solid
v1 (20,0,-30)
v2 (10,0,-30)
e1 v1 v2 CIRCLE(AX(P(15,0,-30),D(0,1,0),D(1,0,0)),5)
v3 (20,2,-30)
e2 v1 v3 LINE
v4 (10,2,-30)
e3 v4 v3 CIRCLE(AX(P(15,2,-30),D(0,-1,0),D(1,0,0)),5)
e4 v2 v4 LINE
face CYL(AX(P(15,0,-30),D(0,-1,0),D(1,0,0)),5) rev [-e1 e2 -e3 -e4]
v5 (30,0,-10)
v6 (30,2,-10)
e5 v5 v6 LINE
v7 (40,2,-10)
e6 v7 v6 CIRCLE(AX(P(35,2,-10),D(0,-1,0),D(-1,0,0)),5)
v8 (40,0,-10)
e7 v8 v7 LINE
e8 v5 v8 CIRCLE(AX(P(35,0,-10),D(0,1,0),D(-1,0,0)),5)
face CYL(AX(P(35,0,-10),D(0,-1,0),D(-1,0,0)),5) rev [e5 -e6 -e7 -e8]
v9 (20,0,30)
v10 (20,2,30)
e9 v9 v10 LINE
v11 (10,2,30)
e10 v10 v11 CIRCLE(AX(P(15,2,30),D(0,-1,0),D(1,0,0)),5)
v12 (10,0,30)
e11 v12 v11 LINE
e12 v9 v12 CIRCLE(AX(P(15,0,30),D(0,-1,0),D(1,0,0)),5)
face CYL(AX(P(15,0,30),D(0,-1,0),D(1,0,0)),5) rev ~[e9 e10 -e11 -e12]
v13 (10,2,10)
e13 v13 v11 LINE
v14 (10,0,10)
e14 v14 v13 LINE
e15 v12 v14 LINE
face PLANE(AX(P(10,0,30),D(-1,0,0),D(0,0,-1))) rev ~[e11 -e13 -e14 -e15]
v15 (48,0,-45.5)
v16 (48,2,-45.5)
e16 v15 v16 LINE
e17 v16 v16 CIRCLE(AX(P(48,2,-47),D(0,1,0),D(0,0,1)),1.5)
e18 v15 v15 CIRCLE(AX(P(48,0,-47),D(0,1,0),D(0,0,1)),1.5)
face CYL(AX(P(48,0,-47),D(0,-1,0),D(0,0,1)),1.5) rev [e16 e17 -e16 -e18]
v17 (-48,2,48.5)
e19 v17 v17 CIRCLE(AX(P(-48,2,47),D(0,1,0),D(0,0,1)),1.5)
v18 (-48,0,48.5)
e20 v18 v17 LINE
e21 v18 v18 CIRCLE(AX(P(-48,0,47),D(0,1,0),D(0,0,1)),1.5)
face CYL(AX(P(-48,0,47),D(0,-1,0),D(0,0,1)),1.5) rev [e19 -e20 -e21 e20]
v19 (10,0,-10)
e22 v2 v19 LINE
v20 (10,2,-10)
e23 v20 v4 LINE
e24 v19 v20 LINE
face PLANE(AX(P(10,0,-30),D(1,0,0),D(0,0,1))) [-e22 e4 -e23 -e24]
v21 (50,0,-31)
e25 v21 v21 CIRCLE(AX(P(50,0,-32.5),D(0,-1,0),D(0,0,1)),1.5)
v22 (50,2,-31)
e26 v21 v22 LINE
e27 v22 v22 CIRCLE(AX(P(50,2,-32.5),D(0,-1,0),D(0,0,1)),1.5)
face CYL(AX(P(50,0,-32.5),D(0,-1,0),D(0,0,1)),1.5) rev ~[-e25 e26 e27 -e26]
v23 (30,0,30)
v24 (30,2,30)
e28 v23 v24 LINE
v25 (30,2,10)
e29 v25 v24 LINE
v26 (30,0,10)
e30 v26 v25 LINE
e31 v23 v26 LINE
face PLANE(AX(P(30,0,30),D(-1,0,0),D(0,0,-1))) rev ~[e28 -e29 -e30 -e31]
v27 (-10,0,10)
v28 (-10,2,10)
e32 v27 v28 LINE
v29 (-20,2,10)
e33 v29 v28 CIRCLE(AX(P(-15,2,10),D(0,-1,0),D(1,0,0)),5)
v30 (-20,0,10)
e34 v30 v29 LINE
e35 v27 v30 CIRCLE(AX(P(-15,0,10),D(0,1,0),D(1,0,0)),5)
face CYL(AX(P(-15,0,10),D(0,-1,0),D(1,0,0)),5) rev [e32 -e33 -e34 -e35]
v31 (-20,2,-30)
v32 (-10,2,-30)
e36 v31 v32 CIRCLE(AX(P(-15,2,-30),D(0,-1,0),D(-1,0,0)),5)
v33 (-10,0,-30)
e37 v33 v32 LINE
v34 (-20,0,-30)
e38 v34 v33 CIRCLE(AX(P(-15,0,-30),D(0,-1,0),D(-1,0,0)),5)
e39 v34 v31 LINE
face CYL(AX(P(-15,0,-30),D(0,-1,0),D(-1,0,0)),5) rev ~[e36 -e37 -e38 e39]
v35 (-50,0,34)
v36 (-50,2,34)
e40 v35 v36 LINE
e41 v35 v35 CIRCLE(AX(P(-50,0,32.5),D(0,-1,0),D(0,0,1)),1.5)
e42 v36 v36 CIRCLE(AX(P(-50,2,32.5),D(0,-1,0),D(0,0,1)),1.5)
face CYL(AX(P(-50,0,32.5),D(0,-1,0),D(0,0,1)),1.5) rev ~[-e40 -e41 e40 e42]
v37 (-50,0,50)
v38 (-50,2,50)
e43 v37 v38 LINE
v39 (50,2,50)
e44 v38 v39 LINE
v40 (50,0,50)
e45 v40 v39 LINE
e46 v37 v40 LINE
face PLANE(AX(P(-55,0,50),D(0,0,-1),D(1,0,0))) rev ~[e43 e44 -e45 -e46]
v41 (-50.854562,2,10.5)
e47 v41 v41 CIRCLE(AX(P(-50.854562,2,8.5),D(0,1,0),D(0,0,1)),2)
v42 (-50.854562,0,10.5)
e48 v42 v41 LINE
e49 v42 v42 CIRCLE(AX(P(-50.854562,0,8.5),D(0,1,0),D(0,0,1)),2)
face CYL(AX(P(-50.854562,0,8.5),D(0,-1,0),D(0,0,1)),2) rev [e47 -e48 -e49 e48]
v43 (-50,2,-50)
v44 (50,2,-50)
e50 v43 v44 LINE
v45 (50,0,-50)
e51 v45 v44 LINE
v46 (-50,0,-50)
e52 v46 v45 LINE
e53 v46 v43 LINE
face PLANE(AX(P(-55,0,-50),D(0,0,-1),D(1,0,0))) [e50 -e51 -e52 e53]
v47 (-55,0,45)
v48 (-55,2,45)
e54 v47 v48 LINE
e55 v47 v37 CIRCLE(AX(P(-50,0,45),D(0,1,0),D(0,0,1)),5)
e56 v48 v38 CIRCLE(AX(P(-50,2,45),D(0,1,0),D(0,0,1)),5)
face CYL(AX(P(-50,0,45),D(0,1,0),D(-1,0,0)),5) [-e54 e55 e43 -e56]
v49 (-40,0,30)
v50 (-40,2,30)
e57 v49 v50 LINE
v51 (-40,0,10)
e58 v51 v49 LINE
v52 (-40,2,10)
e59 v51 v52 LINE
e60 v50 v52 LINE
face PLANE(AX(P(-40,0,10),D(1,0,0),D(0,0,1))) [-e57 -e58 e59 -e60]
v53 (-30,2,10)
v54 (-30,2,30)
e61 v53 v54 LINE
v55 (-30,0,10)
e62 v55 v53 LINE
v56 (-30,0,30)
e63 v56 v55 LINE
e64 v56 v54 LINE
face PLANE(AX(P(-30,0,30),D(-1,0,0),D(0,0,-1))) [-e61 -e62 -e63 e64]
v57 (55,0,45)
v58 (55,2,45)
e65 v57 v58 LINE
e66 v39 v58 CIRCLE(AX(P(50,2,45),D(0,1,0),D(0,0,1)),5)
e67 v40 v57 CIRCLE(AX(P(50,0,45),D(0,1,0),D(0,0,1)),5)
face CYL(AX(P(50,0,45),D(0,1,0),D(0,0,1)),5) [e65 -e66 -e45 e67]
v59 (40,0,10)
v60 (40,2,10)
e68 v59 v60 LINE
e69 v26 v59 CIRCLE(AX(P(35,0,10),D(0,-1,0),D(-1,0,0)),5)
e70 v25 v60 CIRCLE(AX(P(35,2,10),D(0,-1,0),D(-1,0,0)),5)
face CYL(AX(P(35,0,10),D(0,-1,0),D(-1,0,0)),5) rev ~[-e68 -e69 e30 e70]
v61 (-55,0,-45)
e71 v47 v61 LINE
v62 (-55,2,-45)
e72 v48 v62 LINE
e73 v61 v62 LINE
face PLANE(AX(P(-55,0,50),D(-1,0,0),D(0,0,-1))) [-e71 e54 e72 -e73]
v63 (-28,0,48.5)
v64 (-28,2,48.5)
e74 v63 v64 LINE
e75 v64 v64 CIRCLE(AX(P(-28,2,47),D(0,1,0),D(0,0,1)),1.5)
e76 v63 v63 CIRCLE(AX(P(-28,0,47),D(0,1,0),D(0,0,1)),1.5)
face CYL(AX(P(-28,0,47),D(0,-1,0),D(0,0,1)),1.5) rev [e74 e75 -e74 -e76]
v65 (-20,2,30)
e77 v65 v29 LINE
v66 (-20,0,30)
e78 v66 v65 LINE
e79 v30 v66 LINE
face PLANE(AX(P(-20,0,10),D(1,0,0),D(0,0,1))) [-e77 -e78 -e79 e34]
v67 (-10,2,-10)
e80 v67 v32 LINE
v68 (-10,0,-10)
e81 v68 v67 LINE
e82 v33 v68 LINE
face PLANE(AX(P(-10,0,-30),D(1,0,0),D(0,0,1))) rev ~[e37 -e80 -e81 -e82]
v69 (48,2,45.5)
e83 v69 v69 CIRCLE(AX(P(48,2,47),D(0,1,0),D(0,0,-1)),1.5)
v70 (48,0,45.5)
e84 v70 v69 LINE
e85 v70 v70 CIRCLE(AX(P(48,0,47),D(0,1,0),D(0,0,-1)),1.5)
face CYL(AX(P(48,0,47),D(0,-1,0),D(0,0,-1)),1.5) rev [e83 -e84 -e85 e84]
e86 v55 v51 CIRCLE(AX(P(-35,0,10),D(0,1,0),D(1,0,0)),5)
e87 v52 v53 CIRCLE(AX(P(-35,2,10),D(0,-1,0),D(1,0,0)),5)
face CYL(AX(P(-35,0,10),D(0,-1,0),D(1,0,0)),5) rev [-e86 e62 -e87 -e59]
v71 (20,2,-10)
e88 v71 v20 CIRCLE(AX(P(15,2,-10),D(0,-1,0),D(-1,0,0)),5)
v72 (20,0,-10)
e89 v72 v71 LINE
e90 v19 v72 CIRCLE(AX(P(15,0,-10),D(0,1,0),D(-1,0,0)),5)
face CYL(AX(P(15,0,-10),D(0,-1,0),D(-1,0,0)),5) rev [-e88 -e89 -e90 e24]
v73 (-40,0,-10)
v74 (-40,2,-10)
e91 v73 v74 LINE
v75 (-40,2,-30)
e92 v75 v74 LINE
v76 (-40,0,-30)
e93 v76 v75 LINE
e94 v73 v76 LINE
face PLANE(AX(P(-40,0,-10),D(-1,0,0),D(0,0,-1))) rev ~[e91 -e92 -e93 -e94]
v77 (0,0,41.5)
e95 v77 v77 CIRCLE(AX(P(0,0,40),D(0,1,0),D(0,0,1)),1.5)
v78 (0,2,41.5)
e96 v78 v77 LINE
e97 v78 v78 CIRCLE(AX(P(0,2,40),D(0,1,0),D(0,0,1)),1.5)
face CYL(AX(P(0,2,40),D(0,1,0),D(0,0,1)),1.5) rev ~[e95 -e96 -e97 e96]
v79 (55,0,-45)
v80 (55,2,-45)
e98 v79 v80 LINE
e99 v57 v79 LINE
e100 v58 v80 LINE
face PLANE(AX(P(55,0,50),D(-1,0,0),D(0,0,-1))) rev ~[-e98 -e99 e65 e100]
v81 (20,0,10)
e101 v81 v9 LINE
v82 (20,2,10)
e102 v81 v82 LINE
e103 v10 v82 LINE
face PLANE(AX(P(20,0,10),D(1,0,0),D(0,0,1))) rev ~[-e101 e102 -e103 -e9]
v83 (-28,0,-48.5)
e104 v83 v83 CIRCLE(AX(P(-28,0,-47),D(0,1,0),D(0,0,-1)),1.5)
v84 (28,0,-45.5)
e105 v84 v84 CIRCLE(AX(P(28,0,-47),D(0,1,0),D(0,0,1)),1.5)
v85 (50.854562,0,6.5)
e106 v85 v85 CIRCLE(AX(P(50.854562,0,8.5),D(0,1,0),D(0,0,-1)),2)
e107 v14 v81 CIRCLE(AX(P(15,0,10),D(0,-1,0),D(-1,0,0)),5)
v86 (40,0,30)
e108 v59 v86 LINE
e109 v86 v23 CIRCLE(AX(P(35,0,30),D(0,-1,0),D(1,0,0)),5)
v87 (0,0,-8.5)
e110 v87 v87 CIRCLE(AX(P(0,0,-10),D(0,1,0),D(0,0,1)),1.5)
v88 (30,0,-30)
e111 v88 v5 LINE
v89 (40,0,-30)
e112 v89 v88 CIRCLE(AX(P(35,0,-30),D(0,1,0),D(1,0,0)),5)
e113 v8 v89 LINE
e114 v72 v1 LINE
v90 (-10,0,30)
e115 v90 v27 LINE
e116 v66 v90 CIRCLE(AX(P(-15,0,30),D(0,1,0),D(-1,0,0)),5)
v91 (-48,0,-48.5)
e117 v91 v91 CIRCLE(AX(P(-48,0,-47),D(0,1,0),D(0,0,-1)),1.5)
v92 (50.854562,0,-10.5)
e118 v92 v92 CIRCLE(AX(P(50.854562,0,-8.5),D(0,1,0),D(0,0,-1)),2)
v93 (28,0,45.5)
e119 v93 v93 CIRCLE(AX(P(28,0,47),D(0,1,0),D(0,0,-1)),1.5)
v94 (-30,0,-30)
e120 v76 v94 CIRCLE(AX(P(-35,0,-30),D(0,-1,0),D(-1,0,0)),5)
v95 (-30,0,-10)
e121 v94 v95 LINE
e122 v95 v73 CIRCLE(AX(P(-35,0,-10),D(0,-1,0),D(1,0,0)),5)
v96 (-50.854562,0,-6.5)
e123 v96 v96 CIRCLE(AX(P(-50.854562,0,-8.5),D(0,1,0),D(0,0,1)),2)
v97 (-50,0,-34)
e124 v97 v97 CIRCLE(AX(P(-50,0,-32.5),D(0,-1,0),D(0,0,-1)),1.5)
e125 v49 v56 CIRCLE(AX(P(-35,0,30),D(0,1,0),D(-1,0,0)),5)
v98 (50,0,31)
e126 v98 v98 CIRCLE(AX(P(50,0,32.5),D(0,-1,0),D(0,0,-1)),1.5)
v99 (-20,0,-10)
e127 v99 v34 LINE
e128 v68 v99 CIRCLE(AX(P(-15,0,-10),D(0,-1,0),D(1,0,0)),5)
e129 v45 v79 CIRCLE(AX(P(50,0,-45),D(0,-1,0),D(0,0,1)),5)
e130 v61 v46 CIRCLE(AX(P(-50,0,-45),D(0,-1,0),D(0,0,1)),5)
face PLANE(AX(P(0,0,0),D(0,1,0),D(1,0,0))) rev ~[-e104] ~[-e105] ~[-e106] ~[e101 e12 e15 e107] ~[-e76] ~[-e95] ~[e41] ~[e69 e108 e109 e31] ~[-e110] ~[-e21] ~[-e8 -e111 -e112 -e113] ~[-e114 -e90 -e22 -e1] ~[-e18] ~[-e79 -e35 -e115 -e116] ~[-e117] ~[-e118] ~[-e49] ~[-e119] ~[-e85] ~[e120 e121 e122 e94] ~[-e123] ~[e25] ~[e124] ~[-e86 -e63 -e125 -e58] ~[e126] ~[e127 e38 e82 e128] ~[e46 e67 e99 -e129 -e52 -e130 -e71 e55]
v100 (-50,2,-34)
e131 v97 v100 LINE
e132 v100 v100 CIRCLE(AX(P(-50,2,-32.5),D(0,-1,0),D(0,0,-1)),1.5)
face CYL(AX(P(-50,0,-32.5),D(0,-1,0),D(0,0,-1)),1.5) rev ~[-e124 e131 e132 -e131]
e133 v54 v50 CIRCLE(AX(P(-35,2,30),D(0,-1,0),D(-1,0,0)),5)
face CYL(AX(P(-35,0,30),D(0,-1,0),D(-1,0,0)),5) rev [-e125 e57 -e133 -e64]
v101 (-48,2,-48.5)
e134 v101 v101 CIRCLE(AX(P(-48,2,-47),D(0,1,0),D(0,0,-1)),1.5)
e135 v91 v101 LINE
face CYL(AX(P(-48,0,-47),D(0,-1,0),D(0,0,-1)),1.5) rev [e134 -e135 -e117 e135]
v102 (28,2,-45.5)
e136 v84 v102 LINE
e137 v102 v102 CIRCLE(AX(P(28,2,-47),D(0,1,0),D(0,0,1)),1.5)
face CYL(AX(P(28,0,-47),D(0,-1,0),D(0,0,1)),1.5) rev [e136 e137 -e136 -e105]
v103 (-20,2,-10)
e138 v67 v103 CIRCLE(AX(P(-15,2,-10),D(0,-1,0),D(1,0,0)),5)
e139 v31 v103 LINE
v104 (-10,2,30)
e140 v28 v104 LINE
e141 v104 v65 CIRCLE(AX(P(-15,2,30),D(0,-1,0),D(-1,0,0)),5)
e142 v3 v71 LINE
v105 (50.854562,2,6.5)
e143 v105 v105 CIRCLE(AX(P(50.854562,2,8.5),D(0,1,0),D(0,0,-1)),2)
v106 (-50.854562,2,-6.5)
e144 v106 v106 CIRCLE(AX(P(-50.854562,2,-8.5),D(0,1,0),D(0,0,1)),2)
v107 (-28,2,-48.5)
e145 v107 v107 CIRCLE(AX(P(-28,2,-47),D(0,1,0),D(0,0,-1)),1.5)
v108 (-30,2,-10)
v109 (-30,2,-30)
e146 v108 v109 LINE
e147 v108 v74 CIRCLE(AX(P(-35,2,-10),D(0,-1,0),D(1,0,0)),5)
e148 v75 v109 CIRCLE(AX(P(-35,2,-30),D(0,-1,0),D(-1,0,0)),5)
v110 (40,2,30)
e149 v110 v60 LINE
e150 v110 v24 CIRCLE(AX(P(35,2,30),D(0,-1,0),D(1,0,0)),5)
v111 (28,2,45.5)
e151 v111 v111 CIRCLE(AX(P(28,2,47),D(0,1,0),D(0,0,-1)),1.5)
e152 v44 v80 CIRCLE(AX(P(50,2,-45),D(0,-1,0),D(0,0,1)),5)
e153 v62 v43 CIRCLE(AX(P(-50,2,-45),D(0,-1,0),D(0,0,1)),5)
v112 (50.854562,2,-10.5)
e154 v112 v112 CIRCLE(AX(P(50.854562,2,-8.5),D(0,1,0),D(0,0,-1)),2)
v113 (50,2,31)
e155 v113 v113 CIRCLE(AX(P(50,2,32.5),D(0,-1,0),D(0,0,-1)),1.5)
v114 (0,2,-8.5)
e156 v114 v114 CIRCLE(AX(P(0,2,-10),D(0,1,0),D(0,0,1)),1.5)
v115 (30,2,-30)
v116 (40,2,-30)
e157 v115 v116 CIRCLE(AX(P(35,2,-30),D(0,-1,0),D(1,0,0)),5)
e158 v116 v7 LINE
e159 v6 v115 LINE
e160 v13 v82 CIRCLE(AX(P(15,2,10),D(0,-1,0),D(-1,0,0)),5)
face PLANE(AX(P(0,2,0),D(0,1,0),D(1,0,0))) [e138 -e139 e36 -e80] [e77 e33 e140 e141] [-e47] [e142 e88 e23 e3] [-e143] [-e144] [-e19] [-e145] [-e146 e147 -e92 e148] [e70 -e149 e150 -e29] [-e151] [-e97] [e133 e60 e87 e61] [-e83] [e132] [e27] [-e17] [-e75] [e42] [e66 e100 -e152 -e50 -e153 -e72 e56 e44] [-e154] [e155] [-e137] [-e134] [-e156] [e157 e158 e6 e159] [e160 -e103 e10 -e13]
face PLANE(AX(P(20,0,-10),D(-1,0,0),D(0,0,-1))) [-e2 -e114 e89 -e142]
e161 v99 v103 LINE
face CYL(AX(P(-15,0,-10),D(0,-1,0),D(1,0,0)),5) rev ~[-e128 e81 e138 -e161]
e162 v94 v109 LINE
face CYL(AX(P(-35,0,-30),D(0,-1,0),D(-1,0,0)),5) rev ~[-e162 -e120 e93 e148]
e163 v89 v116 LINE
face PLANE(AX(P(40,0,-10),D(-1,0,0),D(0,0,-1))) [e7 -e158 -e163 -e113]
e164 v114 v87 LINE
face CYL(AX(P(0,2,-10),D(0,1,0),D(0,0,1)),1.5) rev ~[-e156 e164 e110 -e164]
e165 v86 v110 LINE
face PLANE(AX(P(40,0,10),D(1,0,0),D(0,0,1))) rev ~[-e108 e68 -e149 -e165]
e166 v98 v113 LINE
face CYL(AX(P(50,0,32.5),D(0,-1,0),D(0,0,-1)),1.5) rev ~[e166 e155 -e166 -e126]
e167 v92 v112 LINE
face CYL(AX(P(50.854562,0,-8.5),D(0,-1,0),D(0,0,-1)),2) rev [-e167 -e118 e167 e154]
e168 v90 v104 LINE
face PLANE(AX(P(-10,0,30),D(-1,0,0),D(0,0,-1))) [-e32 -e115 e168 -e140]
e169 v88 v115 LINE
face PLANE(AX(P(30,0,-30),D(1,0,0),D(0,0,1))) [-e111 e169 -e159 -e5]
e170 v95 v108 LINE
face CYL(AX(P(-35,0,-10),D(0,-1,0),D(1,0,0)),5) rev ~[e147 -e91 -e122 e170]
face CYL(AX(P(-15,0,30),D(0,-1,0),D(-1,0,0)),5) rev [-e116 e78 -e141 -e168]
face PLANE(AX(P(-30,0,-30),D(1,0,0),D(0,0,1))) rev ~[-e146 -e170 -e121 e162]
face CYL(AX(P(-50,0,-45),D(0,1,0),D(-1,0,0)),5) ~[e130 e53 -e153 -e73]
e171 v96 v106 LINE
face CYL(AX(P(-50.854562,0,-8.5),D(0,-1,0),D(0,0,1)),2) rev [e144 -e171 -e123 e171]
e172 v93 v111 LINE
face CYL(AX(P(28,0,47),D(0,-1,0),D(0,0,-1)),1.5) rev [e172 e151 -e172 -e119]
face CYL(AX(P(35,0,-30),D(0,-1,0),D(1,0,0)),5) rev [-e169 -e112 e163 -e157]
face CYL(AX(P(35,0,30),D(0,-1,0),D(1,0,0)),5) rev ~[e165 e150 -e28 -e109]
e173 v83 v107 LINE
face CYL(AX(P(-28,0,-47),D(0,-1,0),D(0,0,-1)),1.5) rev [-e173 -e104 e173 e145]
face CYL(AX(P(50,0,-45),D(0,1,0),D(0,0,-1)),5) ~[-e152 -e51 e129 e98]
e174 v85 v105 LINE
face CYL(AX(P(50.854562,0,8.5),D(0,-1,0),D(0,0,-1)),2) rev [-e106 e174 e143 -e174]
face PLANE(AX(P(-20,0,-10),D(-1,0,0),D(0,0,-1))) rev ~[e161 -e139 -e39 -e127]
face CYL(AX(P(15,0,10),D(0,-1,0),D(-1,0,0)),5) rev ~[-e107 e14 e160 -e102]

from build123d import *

# Parameters (mm, degrees)
SKETCH_1_W             = 110
SKETCH_1_H             = 100
SKETCH_1_R             = 1.5
SKETCH_1_R_2           = 2
EXTRUDE_1_DEPTH        = 2
FILLET_1_R             = 5
SKETCH_2_R             = 1.5
CUT_EXTRUDE_1129_DEPTH = 10
CUT_EXTRUDE_1751_DEPTH = 10
SKETCH_4_R             = 1.5
CUT_EXTRUDE_1991_DEPTH = 10


with BuildPart() as part:
    # 草图1 → 凸台-拉伸1 (new body)
    with BuildSketch(Plane(origin=(0, 0, 0), x_dir=(1, 0, 0), z_dir=(0, 1, 0))):
        Rectangle(SKETCH_1_W, SKETCH_1_H)
        with Locations(Location((-48, -47, 0), (0, 0, 270))):
            Circle(SKETCH_1_R, mode=Mode.SUBTRACT)
        with Locations(Location((-28, -47, 0), (0, 0, 270))):
            Circle(SKETCH_1_R, mode=Mode.SUBTRACT)
        with Locations(Location((28, -47, 0), (0, 0, 90))):
            Circle(SKETCH_1_R, mode=Mode.SUBTRACT)
        with Locations(Location((48, -47, 0), (0, 0, 90))):
            Circle(SKETCH_1_R, mode=Mode.SUBTRACT)
        with Locations(Location((-50.854561817, 8.5, 0), (0, 0, 270))):
            Circle(SKETCH_1_R_2, mode=Mode.SUBTRACT)
        with Locations(Location((-50.854561817, -8.5, 0), (0, 0, 270))):
            Circle(SKETCH_1_R_2, mode=Mode.SUBTRACT)
        with Locations(Location((50.854561817, -8.5, 0), (0, 0, 90))):
            Circle(SKETCH_1_R_2, mode=Mode.SUBTRACT)
        with Locations(Location((50.854561817, 8.5, 0), (0, 0, 90))):
            Circle(SKETCH_1_R_2, mode=Mode.SUBTRACT)
        with Locations(Location((48, 47, 0), (0, 0, 270))):
            Circle(SKETCH_1_R, mode=Mode.SUBTRACT)
        with Locations(Location((28, 47, 0), (0, 0, 270))):
            Circle(SKETCH_1_R, mode=Mode.SUBTRACT)
        with Locations(Location((-28, 47, 0), (0, 0, 90))):
            Circle(SKETCH_1_R, mode=Mode.SUBTRACT)
        with Locations(Location((-48, 47, 0), (0, 0, 90))):
            Circle(SKETCH_1_R, mode=Mode.SUBTRACT)
    extrude(amount=EXTRUDE_1_DEPTH)

    # 圆角1
    fillet_1_edges = [part.edges().sort_by_distance(p)[0] for p in [
        (55, 1, 50),
        (-55, 1, 50),
        (-55, 1, -50),
        (55, 1, -50),
    ]]
    fillet(fillet_1_edges, radius=FILLET_1_R)

    # 草图2 → Cut-Extrude 1129 (cut)
    with BuildSketch(Plane(origin=(0, 2, 0), x_dir=(1, 0, 0), z_dir=(0, 1, 0))):
        with Locations(Location((0, 10, 0), (0, 0, 270))):
            Circle(SKETCH_2_R)
        with Locations(Location((0, -40, 0), (0, 0, 270))):
            Circle(SKETCH_2_R)
    extrude(amount=-CUT_EXTRUDE_1129_DEPTH, mode=Mode.SUBTRACT)

    # 草图3 → Cut-Extrude 1751 (cut)
    with BuildSketch(Plane.XZ):
        with BuildLine():
            Line((30, -30), (30, -10))
            ThreePointArc((30, -10), (35, -5), (40, -10))
            Line((40, -10), (40, -30))
            ThreePointArc((40, -30), (35, -35), (30, -30))
        make_face()
        with BuildLine():
            Line((10, -30), (10, -10))
            ThreePointArc((10, -10), (15, -5), (20, -10))
            Line((20, -10), (20, -30))
            ThreePointArc((20, -30), (15, -35), (10, -30))
        make_face()
        with BuildLine():
            Line((30, 30), (30, 10))
            ThreePointArc((30, 10), (35, 5), (40, 10))
            Line((40, 10), (40, 30))
            ThreePointArc((40, 30), (35, 35), (30, 30))
        make_face()
        with BuildLine():
            Line((10, 30), (10, 10))
            ThreePointArc((10, 10), (15, 5), (20, 10))
            Line((20, 10), (20, 30))
            ThreePointArc((20, 30), (15, 35), (10, 30))
        make_face()
        with BuildLine():
            Line((-30, -30), (-30, -10))
            ThreePointArc((-30, -10), (-35, -5), (-40, -10))
            Line((-40, -10), (-40, -30))
            ThreePointArc((-40, -30), (-35, -35), (-30, -30))
        make_face()
        with BuildLine():
            Line((-10, -30), (-10, -10))
            ThreePointArc((-10, -10), (-15, -5), (-20, -10))
            Line((-20, -10), (-20, -30))
            ThreePointArc((-20, -30), (-15, -35), (-10, -30))
        make_face()
        with BuildLine():
            Line((-30, 30), (-30, 10))
            ThreePointArc((-30, 10), (-35, 5), (-40, 10))
            Line((-40, 10), (-40, 30))
            ThreePointArc((-40, 30), (-35, 35), (-30, 30))
        make_face()
        with BuildLine():
            Line((-10, 30), (-10, 10))
            ThreePointArc((-10, 10), (-15, 5), (-20, 10))
            Line((-20, 10), (-20, 30))
            ThreePointArc((-20, 30), (-15, 35), (-10, 30))
        make_face()
    extrude(amount=-CUT_EXTRUDE_1751_DEPTH, mode=Mode.SUBTRACT)

    # 草图4 → Cut-Extrude 1991 (cut)
    with BuildSketch(Plane.XZ):
        with Locations(Location((50, 32.5, 0), (0, 0, 270))):
            Circle(SKETCH_4_R)
        with Locations(Location((-50, 32.5, 0), (0, 0, 90))):
            Circle(SKETCH_4_R)
        with Locations(Location((-50, -32.5, 0), (0, 0, 270))):
            Circle(SKETCH_4_R)
        with Locations(Location((50, -32.5, 0), (0, 0, 90))):
            Circle(SKETCH_4_R)
    extrude(amount=-CUT_EXTRUDE_1991_DEPTH, mode=Mode.SUBTRACT)


solid = part.part
